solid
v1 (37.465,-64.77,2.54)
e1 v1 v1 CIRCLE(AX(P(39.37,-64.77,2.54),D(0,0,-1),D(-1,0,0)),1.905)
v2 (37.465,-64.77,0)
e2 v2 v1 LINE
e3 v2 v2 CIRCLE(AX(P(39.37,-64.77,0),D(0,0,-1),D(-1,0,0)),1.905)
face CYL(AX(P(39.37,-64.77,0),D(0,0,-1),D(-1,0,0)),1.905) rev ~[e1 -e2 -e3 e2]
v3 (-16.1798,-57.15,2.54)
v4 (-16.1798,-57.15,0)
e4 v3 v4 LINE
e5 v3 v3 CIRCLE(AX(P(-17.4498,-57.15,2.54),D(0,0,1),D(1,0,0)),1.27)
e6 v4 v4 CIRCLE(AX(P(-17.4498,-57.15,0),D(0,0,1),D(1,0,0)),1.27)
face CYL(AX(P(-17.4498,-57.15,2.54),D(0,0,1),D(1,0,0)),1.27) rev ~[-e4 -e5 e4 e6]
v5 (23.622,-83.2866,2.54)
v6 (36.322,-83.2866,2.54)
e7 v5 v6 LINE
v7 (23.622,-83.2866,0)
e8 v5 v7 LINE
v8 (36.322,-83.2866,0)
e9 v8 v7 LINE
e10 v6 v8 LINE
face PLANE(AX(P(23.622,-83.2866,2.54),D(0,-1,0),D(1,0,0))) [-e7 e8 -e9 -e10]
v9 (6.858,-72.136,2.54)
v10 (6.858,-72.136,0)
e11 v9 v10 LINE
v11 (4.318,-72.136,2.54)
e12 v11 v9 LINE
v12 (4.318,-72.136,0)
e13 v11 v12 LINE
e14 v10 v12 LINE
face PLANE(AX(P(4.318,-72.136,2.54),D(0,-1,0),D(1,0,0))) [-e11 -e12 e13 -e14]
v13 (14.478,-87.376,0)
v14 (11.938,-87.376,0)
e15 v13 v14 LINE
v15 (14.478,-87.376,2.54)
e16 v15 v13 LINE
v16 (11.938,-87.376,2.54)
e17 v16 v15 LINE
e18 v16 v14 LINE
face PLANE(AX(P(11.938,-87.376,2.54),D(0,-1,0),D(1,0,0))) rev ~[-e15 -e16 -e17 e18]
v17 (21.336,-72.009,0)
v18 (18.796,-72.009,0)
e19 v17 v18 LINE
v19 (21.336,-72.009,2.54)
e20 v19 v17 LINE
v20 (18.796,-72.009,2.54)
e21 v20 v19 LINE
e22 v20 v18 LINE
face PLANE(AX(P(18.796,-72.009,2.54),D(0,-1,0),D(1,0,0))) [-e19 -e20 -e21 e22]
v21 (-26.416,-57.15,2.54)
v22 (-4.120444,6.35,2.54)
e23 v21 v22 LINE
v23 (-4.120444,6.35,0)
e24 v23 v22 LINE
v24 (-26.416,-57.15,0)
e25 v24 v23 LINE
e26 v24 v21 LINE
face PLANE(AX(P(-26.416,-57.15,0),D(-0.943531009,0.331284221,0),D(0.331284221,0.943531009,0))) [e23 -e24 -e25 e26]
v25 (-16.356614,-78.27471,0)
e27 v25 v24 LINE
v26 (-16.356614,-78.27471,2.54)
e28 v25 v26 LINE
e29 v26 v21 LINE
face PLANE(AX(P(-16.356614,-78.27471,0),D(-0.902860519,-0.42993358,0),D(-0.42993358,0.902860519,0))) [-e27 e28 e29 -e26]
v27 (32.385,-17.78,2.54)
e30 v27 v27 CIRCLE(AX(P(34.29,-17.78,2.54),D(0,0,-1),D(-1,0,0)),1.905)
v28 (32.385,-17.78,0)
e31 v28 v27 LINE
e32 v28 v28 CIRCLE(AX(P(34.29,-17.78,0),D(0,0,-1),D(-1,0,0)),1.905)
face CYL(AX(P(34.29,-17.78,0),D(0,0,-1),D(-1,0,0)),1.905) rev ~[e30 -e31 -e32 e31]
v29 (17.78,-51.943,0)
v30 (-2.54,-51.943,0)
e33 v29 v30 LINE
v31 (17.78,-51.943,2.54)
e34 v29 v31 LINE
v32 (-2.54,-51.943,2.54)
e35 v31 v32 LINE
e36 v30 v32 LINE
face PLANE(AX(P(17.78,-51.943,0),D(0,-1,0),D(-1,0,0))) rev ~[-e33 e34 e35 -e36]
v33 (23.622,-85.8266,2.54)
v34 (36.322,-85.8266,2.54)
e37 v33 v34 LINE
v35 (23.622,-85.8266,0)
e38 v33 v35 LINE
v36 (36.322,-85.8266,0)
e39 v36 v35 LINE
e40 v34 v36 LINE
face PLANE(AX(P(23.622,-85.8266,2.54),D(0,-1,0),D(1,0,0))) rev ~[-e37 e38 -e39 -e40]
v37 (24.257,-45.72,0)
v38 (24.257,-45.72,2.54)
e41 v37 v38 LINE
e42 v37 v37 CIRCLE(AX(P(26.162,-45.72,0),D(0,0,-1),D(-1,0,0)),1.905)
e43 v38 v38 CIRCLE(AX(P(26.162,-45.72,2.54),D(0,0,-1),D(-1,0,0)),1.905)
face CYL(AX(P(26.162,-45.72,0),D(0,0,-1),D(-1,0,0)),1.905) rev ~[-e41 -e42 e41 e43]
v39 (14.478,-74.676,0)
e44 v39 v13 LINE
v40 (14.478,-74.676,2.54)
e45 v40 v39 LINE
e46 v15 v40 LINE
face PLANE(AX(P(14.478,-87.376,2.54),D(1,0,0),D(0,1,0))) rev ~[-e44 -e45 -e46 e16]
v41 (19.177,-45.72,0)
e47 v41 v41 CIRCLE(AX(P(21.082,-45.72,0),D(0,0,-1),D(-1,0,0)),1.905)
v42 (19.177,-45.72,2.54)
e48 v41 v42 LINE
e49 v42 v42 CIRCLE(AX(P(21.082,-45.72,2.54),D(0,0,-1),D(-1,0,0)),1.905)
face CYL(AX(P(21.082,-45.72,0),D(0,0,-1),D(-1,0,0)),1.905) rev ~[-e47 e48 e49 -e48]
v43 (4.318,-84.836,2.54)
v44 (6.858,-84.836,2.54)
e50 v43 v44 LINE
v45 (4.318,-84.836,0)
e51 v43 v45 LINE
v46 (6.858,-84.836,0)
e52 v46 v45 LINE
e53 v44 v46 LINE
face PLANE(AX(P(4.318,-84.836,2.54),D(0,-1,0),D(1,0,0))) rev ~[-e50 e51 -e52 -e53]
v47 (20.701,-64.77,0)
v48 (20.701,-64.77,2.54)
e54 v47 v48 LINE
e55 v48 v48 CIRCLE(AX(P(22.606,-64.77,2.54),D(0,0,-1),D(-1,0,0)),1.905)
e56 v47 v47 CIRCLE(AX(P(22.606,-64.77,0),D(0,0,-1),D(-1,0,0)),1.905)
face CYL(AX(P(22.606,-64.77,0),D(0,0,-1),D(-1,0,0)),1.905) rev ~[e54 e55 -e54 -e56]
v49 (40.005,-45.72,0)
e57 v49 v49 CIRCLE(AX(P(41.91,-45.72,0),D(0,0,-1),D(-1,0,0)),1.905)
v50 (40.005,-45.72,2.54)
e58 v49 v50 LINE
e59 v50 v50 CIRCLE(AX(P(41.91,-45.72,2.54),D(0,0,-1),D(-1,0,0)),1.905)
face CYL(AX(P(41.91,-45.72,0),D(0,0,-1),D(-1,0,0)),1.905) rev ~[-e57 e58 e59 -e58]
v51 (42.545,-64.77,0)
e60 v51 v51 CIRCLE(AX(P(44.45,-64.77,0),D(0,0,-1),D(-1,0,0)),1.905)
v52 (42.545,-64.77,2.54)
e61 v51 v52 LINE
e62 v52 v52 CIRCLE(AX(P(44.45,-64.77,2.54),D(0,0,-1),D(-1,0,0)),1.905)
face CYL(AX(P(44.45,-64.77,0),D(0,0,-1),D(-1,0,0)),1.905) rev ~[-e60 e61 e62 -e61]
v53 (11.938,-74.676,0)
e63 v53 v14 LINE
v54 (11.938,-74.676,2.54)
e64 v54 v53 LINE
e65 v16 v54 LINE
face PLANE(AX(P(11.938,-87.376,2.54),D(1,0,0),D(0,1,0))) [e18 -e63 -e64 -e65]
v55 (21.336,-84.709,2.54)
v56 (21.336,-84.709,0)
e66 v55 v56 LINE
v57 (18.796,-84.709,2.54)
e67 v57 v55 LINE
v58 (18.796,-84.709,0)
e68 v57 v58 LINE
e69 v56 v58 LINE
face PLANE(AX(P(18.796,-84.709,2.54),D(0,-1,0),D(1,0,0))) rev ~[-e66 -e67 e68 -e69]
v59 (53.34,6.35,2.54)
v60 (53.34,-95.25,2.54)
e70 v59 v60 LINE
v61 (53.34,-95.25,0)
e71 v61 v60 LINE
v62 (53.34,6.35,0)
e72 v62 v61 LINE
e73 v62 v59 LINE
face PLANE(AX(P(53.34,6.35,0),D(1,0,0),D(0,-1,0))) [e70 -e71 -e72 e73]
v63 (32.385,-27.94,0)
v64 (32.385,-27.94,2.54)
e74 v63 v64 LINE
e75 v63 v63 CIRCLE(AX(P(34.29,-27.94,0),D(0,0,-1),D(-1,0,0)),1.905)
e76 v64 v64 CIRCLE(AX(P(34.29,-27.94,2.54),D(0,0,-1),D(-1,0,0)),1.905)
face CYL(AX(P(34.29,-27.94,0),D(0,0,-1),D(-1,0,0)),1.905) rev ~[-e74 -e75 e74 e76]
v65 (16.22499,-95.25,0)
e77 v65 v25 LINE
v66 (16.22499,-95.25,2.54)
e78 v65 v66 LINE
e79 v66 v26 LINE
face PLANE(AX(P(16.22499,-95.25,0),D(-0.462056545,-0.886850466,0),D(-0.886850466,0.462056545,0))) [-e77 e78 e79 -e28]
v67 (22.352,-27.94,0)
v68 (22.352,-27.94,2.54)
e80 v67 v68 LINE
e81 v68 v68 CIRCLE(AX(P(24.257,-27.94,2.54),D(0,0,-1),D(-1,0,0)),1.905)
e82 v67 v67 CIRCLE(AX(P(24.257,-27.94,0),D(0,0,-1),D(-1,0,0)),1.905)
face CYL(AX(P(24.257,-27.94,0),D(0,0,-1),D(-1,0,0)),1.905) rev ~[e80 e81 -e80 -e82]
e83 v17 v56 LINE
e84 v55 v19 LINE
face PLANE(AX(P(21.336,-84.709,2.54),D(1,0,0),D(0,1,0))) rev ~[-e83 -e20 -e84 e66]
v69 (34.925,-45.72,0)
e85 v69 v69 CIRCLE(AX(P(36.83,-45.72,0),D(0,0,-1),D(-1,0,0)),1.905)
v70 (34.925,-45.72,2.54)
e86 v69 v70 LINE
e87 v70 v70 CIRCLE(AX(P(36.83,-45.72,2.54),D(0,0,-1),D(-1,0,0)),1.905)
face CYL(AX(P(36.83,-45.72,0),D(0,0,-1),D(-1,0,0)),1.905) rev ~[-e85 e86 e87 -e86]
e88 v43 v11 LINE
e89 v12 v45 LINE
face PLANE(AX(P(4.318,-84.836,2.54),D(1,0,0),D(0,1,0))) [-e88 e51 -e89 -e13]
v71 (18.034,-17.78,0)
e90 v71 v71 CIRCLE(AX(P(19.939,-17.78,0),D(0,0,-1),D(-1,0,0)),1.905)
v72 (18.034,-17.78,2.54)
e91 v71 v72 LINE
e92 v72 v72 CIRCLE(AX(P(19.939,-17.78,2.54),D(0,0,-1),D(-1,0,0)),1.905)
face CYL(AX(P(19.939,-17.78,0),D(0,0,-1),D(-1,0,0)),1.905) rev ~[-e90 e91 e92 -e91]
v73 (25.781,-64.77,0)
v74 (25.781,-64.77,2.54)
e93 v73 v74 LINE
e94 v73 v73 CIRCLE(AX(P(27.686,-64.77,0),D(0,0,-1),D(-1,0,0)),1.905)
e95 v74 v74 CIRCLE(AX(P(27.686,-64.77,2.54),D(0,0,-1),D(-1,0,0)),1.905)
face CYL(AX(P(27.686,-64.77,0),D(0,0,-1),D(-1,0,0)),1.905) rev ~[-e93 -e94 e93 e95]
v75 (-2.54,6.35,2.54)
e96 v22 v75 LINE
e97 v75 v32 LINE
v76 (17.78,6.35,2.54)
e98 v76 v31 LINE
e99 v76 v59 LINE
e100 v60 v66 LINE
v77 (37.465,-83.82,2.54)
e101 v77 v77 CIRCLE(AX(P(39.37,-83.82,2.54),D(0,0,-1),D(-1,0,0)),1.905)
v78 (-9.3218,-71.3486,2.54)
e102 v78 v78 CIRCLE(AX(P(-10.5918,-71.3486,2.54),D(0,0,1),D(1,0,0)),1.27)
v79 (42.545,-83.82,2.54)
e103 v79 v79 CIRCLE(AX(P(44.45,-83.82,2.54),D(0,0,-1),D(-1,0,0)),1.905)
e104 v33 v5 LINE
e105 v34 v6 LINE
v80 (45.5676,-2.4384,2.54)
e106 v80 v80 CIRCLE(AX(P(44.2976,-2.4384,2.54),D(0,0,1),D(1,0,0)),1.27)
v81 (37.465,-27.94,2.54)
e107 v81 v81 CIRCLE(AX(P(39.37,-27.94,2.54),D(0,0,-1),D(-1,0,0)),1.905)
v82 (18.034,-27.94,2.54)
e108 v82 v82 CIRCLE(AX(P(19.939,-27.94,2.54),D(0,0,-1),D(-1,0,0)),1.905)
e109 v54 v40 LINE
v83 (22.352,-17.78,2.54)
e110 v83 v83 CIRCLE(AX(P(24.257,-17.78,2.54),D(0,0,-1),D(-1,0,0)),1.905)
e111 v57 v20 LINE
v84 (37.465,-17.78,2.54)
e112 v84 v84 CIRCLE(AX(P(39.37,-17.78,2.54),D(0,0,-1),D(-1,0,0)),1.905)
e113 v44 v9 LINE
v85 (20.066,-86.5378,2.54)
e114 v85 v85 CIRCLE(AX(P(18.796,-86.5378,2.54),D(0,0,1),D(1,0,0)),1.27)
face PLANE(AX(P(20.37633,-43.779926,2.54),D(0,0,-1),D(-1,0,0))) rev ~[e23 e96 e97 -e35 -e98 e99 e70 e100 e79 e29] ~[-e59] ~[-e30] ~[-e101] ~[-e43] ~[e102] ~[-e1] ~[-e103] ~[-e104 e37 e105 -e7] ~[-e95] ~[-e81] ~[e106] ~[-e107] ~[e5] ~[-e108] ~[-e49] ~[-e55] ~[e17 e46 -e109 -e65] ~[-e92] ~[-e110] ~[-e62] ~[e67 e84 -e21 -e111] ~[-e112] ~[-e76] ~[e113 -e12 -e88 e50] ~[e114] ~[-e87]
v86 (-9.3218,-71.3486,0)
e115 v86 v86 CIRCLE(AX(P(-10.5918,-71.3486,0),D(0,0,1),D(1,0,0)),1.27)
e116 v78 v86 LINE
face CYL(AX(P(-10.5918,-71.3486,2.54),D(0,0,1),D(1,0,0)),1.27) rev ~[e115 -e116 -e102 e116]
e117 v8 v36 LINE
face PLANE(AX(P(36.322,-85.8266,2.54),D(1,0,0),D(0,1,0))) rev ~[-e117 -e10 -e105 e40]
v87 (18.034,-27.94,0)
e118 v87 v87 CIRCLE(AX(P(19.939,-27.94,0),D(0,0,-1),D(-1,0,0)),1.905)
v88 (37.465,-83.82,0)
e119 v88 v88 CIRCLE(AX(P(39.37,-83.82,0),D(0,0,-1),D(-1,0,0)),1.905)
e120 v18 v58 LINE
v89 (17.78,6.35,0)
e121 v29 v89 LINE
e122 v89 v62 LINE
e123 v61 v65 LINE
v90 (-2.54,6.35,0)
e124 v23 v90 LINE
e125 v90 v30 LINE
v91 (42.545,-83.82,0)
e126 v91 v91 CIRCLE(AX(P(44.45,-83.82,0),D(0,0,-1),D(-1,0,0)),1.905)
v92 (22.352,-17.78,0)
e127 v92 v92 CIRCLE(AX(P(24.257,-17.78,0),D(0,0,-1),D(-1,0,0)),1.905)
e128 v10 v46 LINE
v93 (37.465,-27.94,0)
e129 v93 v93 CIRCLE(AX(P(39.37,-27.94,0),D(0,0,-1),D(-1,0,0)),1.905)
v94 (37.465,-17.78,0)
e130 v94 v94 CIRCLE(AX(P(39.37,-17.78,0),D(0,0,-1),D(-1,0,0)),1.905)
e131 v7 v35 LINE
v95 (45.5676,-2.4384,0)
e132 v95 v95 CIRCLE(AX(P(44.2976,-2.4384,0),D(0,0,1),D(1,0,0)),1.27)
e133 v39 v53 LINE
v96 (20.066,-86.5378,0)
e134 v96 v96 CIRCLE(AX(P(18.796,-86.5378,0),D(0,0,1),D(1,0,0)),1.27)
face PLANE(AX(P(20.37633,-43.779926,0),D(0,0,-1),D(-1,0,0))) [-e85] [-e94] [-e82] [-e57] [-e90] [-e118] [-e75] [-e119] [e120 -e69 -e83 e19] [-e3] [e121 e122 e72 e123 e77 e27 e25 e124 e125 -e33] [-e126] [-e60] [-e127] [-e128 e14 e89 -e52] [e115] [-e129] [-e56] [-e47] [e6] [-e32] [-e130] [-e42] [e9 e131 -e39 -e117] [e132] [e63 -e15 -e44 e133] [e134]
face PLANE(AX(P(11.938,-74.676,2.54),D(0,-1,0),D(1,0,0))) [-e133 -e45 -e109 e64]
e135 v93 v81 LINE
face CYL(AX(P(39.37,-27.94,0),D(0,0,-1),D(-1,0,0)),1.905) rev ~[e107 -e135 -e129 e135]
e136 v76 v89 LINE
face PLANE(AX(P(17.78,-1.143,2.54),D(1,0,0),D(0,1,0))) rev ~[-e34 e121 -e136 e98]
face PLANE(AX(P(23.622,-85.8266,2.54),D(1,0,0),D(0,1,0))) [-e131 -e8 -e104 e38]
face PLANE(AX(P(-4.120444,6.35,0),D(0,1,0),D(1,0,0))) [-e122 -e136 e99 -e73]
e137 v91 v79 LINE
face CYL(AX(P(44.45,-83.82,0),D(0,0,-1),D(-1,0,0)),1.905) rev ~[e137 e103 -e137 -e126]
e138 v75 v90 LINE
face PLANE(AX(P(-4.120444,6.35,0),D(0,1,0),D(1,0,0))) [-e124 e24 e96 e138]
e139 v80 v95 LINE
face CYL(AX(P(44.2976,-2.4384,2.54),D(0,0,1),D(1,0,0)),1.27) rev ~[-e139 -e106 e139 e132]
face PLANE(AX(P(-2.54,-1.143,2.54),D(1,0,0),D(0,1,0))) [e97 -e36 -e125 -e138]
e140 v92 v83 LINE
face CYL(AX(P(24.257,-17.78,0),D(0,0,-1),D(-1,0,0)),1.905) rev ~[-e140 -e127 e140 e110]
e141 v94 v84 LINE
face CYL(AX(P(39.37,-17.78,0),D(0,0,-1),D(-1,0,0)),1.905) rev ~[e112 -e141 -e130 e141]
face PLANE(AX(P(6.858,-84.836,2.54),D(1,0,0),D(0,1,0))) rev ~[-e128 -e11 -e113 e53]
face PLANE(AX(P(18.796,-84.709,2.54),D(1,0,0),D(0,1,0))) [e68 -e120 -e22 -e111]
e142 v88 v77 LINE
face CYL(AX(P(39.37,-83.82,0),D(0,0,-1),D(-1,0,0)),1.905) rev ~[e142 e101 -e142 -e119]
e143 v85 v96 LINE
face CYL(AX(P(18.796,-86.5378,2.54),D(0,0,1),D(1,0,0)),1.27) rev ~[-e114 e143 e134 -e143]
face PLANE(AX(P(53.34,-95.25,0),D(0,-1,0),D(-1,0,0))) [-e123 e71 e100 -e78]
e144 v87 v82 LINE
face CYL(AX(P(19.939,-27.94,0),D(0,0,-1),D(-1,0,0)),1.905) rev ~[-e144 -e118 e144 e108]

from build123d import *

# Parameters (mm, degrees)
BOSS_EXTRUDE1_DEPTH = 2.54
SKETCH4_R           = 1.905
SKETCH4_W           = 20.32
SKETCH4_H           = 50.8
CUT_EXTRUDE2_DEPTH  = 25.4
SKETCH5_W           = 20.32
SKETCH5_H           = 7.493
CUT_EXTRUDE3_DEPTH  = 5.08
SKETCH6_R           = 1.27
CUT_EXTRUDE4_DEPTH  = 5.08
SKETCH8_W           = 12.7
SKETCH8_H           = 2.54
SKETCH8_W_2         = 2.54
SKETCH8_H_2         = 12.7
CUT_EXTRUDE5_DEPTH  = 5.08


with BuildPart() as part:
    # Sketch1 → Boss-Extrude1 (new body)
    with BuildSketch(Plane.XY):
        Polygon((-4.120444444, 6.35), (53.34, 6.35), (53.34, -95.25), (16.22499019, -95.25), (-16.356614113, -78.274710363), (-26.416, -57.15), align=None)
    extrude(amount=BOSS_EXTRUDE1_DEPTH)

    # Sketch4 → Cut-Extrude2 (cut)
    with BuildSketch(Plane(origin=(0, 0, 0), x_dir=(-1, 0, 0), z_dir=(0, 0, -1))):
        with Locations((-39.37, -17.78)):
            Circle(SKETCH4_R)
        with Locations((-34.29, -17.78)):
            Circle(SKETCH4_R)
        with Locations((-39.37, -27.94)):
            Circle(SKETCH4_R)
        with Locations((-34.29, -27.94)):
            Circle(SKETCH4_R)
        with Locations((-41.91, -45.72)):
            Circle(SKETCH4_R)
        with Locations((-36.83, -45.72)):
            Circle(SKETCH4_R)
        with Locations((-44.45, -64.77)):
            Circle(SKETCH4_R)
        with Locations((-39.37, -64.77)):
            Circle(SKETCH4_R)
        with Locations((-44.45, -83.82)):
            Circle(SKETCH4_R)
        with Locations((-39.37, -83.82)):
            Circle(SKETCH4_R)
        with Locations((-24.257, -17.78)):
            Circle(SKETCH4_R)
        with Locations((-19.939, -17.78)):
            Circle(SKETCH4_R)
        with Locations((-24.257, -27.94)):
            Circle(SKETCH4_R)
        with Locations((-19.939, -27.94)):
            Circle(SKETCH4_R)
        with Locations((-26.162, -45.72)):
            Circle(SKETCH4_R)
        with Locations((-21.082, -45.72)):
            Circle(SKETCH4_R)
        with Locations((-27.686, -64.77)):
            Circle(SKETCH4_R)
        with Locations((-22.606, -64.77)):
            Circle(SKETCH4_R)
        with Locations((-7.62, -26.543)):
            Rectangle(SKETCH4_W, SKETCH4_H)
    extrude(amount=-CUT_EXTRUDE2_DEPTH, mode=Mode.SUBTRACT)

    # Sketch5 → Cut-Extrude3 (cut)
    with BuildSketch(Plane.XY.offset(2.54)):
        with Locations((7.62, 2.6035)):
            Rectangle(SKETCH5_W, SKETCH5_H)
    extrude(amount=-CUT_EXTRUDE3_DEPTH, mode=Mode.SUBTRACT)

    # Sketch6 → Cut-Extrude4 (cut)
    with BuildSketch(Plane.XY.offset(2.54)):
        with Locations((1.6002, -2.4384)):
            Circle(SKETCH6_R)
        with Locations((44.2976, -2.4384)):
            Circle(SKETCH6_R)
        with Locations((-17.4498, -57.15)):
            Circle(SKETCH6_R)
        with Locations((-10.5918, -71.3486)):
            Circle(SKETCH6_R)
        with Locations((18.796, -86.5378)):
            Circle(SKETCH6_R)
    extrude(amount=-CUT_EXTRUDE4_DEPTH, mode=Mode.SUBTRACT)

    # Sketch8 → Cut-Extrude5 (cut)
    with BuildSketch(Plane.XY.offset(2.54)):
        with Locations((29.972, -84.5566)):
            Rectangle(SKETCH8_W, SKETCH8_H)
        with Locations((20.066, -78.359)):
            Rectangle(SKETCH8_W_2, SKETCH8_H_2)
        with Locations((13.208, -81.026)):
            Rectangle(SKETCH8_W_2, SKETCH8_H_2)
        with Locations((5.588, -78.486)):
            Rectangle(SKETCH8_W_2, SKETCH8_H_2)
    extrude(amount=-CUT_EXTRUDE5_DEPTH, mode=Mode.SUBTRACT)


solid = part.part
